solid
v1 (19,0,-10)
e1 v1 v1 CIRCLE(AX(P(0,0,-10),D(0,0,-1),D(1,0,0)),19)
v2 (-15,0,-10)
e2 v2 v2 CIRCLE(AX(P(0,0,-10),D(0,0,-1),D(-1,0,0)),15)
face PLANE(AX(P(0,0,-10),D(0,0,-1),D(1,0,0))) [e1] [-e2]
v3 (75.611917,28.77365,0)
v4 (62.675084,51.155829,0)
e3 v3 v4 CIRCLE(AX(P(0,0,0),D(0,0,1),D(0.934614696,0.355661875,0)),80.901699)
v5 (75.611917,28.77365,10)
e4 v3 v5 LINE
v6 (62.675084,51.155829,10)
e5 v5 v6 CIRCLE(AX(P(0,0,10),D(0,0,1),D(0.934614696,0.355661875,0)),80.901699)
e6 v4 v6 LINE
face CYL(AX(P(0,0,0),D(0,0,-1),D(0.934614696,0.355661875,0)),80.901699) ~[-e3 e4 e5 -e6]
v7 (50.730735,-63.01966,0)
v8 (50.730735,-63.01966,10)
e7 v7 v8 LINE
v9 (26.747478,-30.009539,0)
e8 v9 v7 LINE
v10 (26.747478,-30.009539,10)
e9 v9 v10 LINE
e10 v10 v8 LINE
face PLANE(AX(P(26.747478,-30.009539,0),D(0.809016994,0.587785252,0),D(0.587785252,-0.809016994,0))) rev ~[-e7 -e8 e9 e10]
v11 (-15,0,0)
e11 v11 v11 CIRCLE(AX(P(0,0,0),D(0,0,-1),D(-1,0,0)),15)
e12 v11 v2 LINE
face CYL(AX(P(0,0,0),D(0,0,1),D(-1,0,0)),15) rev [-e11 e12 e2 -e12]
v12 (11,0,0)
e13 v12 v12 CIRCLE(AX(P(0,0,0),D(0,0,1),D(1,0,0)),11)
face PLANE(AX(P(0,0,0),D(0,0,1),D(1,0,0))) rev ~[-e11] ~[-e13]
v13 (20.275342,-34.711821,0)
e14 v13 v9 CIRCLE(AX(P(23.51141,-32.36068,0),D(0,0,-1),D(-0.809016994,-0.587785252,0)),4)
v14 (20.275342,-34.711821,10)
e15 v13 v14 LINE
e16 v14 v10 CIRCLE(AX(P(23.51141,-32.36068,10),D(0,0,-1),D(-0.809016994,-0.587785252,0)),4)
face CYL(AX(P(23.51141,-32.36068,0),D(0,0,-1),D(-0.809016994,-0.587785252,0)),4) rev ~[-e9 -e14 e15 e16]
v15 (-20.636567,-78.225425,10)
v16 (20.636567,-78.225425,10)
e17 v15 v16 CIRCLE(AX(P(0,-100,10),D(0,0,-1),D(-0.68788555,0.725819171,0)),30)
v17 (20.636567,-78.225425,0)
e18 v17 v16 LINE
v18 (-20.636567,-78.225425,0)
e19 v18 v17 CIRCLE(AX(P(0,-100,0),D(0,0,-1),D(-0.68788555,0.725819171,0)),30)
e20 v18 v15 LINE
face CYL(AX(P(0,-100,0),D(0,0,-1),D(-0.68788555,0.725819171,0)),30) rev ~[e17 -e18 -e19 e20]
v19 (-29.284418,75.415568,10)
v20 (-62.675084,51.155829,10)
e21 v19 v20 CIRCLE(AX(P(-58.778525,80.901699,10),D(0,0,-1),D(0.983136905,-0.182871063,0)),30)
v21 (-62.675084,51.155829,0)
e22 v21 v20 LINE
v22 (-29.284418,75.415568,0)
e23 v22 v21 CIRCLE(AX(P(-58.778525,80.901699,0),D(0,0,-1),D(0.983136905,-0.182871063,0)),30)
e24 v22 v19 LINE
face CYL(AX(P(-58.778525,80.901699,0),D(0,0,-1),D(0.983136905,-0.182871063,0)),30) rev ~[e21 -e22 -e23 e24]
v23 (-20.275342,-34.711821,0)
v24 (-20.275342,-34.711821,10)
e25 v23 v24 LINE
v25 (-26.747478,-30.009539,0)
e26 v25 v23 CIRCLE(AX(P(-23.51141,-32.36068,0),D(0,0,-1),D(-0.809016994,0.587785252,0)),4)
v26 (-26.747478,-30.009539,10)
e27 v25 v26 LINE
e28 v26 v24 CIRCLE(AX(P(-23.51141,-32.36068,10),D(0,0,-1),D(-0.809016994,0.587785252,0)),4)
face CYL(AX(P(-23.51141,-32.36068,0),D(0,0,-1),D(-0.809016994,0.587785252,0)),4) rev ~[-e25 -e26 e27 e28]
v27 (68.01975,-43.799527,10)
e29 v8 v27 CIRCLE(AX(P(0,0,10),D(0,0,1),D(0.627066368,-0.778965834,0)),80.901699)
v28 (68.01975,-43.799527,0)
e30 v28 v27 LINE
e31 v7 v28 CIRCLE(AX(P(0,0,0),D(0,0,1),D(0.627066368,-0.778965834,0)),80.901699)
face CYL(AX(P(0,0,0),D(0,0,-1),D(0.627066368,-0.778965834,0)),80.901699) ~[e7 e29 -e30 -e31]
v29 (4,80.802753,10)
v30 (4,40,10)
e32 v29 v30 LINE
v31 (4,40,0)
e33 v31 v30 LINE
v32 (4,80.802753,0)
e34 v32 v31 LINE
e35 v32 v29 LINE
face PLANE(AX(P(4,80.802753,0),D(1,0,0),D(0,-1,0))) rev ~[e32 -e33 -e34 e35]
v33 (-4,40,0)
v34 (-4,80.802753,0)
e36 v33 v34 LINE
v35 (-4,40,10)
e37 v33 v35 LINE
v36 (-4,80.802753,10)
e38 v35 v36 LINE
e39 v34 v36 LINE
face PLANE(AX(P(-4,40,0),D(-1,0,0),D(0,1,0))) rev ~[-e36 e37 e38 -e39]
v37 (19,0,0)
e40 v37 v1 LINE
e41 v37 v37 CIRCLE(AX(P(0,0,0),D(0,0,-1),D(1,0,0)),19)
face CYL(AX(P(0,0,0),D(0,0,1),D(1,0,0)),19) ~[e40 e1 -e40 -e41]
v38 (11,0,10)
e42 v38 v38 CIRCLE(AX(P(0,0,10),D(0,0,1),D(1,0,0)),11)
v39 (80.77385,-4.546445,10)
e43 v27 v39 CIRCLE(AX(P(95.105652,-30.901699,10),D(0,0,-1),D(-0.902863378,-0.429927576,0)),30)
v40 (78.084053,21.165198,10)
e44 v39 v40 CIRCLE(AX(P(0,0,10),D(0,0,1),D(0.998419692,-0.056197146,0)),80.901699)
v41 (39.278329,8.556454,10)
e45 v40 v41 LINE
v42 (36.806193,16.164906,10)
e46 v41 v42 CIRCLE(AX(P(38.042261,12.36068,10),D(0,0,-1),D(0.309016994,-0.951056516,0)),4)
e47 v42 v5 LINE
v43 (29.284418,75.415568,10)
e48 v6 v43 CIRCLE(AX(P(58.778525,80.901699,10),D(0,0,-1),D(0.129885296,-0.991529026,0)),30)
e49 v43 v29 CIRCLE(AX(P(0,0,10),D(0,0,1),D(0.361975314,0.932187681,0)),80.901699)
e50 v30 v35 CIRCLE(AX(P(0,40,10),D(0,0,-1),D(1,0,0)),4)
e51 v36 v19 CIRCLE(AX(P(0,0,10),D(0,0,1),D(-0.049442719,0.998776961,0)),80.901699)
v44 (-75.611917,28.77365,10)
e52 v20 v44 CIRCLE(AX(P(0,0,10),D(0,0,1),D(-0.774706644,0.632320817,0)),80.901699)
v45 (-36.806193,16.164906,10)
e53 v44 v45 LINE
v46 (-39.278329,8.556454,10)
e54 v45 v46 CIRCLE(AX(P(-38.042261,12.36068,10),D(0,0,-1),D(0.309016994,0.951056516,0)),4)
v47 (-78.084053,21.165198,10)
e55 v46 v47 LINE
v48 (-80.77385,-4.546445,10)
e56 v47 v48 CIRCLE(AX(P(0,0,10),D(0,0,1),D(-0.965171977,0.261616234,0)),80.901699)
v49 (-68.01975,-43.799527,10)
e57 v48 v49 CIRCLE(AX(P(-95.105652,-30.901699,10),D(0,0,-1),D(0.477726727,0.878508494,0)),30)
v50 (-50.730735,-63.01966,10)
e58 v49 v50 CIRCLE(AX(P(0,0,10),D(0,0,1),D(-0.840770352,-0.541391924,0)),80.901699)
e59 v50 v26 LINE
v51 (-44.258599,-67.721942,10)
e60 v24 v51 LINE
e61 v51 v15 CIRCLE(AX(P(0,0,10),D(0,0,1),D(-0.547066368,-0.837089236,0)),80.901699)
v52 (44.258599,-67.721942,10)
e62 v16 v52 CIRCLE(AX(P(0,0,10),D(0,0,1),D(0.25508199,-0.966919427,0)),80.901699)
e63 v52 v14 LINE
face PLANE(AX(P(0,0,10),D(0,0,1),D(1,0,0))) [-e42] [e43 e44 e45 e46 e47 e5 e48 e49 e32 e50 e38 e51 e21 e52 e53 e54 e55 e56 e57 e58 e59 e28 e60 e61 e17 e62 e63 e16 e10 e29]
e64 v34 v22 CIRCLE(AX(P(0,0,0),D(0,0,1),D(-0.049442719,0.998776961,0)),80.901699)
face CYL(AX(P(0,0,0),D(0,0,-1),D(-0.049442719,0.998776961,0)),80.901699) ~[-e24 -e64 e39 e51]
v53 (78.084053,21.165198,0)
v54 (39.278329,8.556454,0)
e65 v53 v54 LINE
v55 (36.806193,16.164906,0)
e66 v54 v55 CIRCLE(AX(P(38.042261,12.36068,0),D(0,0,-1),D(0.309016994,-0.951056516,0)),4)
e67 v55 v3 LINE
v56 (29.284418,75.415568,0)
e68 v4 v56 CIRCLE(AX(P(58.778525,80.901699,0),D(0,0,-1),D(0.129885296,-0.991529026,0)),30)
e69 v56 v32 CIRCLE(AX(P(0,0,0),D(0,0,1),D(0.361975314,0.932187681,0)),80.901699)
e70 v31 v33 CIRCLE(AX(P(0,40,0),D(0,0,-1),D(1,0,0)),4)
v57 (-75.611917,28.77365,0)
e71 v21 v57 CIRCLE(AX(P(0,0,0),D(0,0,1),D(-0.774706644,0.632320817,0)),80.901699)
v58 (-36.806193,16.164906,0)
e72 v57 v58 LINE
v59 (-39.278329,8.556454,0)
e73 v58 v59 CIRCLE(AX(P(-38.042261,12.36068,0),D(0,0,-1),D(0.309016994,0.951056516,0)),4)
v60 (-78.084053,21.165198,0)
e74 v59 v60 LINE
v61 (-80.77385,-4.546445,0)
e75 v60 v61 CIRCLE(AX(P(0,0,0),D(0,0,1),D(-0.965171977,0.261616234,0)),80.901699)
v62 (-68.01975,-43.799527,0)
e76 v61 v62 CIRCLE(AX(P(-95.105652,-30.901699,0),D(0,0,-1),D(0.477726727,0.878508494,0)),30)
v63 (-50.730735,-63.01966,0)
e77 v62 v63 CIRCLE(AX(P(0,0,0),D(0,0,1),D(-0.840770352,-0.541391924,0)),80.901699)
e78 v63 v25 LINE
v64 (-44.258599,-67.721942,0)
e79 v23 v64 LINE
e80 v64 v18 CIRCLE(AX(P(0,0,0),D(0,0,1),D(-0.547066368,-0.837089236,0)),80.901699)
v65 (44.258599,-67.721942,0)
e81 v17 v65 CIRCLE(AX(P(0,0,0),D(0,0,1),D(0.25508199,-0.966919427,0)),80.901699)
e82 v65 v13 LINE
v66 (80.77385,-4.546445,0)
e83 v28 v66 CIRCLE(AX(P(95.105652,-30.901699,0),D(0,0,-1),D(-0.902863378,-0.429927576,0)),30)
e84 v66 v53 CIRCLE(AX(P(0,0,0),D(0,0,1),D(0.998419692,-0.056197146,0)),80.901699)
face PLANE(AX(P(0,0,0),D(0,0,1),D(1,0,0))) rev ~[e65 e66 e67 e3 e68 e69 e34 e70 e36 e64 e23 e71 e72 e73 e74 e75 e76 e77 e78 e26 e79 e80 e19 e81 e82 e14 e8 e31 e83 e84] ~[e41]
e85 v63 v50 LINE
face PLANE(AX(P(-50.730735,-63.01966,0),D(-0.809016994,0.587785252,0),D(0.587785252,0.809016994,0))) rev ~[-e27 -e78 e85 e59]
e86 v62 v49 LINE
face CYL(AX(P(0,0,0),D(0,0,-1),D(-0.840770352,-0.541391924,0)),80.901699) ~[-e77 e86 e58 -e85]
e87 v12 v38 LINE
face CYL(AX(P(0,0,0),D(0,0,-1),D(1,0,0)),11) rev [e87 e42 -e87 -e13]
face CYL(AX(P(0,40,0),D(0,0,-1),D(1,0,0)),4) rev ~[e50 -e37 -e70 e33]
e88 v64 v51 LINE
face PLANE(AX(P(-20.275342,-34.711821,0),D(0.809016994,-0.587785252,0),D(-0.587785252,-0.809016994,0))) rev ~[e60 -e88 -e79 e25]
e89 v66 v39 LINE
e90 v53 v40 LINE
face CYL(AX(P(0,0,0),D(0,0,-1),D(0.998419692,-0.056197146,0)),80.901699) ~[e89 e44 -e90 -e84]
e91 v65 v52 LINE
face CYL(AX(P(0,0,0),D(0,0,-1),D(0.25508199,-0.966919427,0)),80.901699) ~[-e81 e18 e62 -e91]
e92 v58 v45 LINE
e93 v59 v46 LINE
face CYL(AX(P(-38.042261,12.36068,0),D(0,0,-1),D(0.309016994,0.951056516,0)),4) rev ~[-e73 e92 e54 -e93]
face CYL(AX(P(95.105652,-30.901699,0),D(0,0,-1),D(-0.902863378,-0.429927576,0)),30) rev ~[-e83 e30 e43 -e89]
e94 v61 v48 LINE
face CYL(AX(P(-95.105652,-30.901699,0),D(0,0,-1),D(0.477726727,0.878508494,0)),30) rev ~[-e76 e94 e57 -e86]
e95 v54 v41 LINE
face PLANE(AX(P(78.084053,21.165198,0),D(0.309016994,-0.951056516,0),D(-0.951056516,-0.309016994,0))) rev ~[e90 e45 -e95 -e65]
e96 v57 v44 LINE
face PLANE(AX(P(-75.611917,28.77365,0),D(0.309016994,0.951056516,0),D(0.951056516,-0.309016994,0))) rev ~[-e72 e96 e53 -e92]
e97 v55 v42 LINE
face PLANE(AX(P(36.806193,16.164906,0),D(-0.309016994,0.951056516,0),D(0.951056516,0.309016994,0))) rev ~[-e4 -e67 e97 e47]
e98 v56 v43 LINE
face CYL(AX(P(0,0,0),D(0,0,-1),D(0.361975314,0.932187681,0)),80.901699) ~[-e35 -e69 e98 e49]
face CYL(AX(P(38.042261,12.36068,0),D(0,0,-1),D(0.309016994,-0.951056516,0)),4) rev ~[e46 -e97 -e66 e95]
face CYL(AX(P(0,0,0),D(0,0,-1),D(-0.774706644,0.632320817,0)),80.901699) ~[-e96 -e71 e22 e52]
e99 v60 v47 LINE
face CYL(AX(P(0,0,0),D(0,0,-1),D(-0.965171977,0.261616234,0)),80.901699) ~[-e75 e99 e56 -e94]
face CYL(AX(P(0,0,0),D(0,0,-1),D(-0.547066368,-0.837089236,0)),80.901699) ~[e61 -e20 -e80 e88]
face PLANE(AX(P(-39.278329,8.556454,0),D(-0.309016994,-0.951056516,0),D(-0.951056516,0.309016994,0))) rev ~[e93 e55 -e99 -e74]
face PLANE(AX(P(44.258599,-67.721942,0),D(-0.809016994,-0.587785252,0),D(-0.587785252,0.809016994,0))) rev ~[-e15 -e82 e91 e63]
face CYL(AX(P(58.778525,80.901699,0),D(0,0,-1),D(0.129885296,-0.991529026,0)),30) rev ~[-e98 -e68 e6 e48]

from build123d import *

# Parameters (mm, degrees)
SKETCH2_R           = 11
BOSS_EXTRUDE1_DEPTH = 10
SKETCH4_R           = 19
SKETCH4_R_2         = 15
BOSS_EXTRUDE2_DEPTH = 10


with BuildPart() as part:
    # Sketch2 → Boss-Extrude1 (new body)
    with BuildSketch(Plane.XY):
        with BuildLine():
            Line((26.747478069, -30.009538766), (50.730734825, -63.019659758))
            ThreePointArc((50.730734825, -63.019659758), (60.147924382, -54.104640877), (68.019750294, -43.79952673))
            ThreePointArc((68.019750294, -43.79952673), (66.573956141, -21.631189606), (80.773849811, -4.546444618))
            ThreePointArc((80.773849811, -4.546444618), (80.462602989, 8.417511037), (78.084053221, 21.165197956))
            Line((78.084053221, 21.165197956), (39.278328629, 8.55645371))
            ThreePointArc((39.278328629, 8.55645371), (34.238034587, 11.124611797), (36.806192674, 16.16490584))
            Line((36.806192674, 16.16490584), (75.611917266, 28.773650086))
            ThreePointArc((75.611917266, 28.773650086), (70.043302078, 40.484821919), (62.675084101, 51.155828649))
            ThreePointArc((62.675084101, 51.155828649), (41.14496766, 56.631189606), (29.284418072, 75.415567558))
            ThreePointArc((29.284418072, 75.415567558), (16.858783013, 79.125636852), (4, 80.802753492))
            Line((4, 80.802753492), (4, 40))
            ThreePointArc((4, 40), (0, 36), (-4, 40))
            Line((-4, 40), (-4, 80.802753492))
            ThreePointArc((-4, 80.802753492), (-16.858783013, 79.125636852), (-29.284418072, 75.415567558))
            ThreePointArc((-29.284418072, 75.415567558), (-41.14496766, 56.631189606), (-62.675084101, 51.155828649))
            ThreePointArc((-62.675084101, 51.155828649), (-70.043302078, 40.484821919), (-75.611917266, 28.773650086))
            Line((-75.611917266, 28.773650086), (-36.806192674, 16.16490584))
            ThreePointArc((-36.806192674, 16.16490584), (-34.238034587, 11.124611797), (-39.278328629, 8.55645371))
            Line((-39.278328629, 8.55645371), (-78.084053221, 21.165197956))
            ThreePointArc((-78.084053221, 21.165197956), (-80.462602989, 8.417511037), (-80.773849811, -4.546444618))
            ThreePointArc((-80.773849811, -4.546444618), (-66.573956141, -21.631189606), (-68.019750294, -43.79952673))
            ThreePointArc((-68.019750294, -43.79952673), (-60.147924382, -54.104640877), (-50.730734825, -63.019659758))
            Line((-50.730734825, -63.019659758), (-26.747478069, -30.009538766))
            ThreePointArc((-26.747478069, -30.009538766), (-21.160269083, -29.124611797), (-20.275342114, -34.711820784))
            Line((-20.275342114, -34.711820784), (-44.25859887, -67.721941776))
            ThreePointArc((-44.25859887, -67.721941776), (-32.869840458, -73.92332893), (-20.636566513, -78.225424859))
            ThreePointArc((-20.636566513, -78.225424859), (0, -70), (20.636566513, -78.225424859))
            ThreePointArc((20.636566513, -78.225424859), (32.869840458, -73.92332893), (44.25859887, -67.721941776))
            Line((44.25859887, -67.721941776), (20.275342114, -34.711820784))
            ThreePointArc((20.275342114, -34.711820784), (21.160269083, -29.124611797), (26.747478069, -30.009538766))
        make_face()
        Circle(SKETCH2_R, mode=Mode.SUBTRACT)
    extrude(amount=BOSS_EXTRUDE1_DEPTH)

    # Sketch4 → Boss-Extrude2 (add)
    with BuildSketch(Plane(origin=(0, 0, 0), x_dir=(-1, 0, 0), z_dir=(0, 0, -1))):
        with Locations(Location((0, 0, 0), (0, 0, 180))):
            Circle(SKETCH4_R)
        Circle(SKETCH4_R_2, mode=Mode.SUBTRACT)
    extrude(amount=BOSS_EXTRUDE2_DEPTH)


solid = part.part
